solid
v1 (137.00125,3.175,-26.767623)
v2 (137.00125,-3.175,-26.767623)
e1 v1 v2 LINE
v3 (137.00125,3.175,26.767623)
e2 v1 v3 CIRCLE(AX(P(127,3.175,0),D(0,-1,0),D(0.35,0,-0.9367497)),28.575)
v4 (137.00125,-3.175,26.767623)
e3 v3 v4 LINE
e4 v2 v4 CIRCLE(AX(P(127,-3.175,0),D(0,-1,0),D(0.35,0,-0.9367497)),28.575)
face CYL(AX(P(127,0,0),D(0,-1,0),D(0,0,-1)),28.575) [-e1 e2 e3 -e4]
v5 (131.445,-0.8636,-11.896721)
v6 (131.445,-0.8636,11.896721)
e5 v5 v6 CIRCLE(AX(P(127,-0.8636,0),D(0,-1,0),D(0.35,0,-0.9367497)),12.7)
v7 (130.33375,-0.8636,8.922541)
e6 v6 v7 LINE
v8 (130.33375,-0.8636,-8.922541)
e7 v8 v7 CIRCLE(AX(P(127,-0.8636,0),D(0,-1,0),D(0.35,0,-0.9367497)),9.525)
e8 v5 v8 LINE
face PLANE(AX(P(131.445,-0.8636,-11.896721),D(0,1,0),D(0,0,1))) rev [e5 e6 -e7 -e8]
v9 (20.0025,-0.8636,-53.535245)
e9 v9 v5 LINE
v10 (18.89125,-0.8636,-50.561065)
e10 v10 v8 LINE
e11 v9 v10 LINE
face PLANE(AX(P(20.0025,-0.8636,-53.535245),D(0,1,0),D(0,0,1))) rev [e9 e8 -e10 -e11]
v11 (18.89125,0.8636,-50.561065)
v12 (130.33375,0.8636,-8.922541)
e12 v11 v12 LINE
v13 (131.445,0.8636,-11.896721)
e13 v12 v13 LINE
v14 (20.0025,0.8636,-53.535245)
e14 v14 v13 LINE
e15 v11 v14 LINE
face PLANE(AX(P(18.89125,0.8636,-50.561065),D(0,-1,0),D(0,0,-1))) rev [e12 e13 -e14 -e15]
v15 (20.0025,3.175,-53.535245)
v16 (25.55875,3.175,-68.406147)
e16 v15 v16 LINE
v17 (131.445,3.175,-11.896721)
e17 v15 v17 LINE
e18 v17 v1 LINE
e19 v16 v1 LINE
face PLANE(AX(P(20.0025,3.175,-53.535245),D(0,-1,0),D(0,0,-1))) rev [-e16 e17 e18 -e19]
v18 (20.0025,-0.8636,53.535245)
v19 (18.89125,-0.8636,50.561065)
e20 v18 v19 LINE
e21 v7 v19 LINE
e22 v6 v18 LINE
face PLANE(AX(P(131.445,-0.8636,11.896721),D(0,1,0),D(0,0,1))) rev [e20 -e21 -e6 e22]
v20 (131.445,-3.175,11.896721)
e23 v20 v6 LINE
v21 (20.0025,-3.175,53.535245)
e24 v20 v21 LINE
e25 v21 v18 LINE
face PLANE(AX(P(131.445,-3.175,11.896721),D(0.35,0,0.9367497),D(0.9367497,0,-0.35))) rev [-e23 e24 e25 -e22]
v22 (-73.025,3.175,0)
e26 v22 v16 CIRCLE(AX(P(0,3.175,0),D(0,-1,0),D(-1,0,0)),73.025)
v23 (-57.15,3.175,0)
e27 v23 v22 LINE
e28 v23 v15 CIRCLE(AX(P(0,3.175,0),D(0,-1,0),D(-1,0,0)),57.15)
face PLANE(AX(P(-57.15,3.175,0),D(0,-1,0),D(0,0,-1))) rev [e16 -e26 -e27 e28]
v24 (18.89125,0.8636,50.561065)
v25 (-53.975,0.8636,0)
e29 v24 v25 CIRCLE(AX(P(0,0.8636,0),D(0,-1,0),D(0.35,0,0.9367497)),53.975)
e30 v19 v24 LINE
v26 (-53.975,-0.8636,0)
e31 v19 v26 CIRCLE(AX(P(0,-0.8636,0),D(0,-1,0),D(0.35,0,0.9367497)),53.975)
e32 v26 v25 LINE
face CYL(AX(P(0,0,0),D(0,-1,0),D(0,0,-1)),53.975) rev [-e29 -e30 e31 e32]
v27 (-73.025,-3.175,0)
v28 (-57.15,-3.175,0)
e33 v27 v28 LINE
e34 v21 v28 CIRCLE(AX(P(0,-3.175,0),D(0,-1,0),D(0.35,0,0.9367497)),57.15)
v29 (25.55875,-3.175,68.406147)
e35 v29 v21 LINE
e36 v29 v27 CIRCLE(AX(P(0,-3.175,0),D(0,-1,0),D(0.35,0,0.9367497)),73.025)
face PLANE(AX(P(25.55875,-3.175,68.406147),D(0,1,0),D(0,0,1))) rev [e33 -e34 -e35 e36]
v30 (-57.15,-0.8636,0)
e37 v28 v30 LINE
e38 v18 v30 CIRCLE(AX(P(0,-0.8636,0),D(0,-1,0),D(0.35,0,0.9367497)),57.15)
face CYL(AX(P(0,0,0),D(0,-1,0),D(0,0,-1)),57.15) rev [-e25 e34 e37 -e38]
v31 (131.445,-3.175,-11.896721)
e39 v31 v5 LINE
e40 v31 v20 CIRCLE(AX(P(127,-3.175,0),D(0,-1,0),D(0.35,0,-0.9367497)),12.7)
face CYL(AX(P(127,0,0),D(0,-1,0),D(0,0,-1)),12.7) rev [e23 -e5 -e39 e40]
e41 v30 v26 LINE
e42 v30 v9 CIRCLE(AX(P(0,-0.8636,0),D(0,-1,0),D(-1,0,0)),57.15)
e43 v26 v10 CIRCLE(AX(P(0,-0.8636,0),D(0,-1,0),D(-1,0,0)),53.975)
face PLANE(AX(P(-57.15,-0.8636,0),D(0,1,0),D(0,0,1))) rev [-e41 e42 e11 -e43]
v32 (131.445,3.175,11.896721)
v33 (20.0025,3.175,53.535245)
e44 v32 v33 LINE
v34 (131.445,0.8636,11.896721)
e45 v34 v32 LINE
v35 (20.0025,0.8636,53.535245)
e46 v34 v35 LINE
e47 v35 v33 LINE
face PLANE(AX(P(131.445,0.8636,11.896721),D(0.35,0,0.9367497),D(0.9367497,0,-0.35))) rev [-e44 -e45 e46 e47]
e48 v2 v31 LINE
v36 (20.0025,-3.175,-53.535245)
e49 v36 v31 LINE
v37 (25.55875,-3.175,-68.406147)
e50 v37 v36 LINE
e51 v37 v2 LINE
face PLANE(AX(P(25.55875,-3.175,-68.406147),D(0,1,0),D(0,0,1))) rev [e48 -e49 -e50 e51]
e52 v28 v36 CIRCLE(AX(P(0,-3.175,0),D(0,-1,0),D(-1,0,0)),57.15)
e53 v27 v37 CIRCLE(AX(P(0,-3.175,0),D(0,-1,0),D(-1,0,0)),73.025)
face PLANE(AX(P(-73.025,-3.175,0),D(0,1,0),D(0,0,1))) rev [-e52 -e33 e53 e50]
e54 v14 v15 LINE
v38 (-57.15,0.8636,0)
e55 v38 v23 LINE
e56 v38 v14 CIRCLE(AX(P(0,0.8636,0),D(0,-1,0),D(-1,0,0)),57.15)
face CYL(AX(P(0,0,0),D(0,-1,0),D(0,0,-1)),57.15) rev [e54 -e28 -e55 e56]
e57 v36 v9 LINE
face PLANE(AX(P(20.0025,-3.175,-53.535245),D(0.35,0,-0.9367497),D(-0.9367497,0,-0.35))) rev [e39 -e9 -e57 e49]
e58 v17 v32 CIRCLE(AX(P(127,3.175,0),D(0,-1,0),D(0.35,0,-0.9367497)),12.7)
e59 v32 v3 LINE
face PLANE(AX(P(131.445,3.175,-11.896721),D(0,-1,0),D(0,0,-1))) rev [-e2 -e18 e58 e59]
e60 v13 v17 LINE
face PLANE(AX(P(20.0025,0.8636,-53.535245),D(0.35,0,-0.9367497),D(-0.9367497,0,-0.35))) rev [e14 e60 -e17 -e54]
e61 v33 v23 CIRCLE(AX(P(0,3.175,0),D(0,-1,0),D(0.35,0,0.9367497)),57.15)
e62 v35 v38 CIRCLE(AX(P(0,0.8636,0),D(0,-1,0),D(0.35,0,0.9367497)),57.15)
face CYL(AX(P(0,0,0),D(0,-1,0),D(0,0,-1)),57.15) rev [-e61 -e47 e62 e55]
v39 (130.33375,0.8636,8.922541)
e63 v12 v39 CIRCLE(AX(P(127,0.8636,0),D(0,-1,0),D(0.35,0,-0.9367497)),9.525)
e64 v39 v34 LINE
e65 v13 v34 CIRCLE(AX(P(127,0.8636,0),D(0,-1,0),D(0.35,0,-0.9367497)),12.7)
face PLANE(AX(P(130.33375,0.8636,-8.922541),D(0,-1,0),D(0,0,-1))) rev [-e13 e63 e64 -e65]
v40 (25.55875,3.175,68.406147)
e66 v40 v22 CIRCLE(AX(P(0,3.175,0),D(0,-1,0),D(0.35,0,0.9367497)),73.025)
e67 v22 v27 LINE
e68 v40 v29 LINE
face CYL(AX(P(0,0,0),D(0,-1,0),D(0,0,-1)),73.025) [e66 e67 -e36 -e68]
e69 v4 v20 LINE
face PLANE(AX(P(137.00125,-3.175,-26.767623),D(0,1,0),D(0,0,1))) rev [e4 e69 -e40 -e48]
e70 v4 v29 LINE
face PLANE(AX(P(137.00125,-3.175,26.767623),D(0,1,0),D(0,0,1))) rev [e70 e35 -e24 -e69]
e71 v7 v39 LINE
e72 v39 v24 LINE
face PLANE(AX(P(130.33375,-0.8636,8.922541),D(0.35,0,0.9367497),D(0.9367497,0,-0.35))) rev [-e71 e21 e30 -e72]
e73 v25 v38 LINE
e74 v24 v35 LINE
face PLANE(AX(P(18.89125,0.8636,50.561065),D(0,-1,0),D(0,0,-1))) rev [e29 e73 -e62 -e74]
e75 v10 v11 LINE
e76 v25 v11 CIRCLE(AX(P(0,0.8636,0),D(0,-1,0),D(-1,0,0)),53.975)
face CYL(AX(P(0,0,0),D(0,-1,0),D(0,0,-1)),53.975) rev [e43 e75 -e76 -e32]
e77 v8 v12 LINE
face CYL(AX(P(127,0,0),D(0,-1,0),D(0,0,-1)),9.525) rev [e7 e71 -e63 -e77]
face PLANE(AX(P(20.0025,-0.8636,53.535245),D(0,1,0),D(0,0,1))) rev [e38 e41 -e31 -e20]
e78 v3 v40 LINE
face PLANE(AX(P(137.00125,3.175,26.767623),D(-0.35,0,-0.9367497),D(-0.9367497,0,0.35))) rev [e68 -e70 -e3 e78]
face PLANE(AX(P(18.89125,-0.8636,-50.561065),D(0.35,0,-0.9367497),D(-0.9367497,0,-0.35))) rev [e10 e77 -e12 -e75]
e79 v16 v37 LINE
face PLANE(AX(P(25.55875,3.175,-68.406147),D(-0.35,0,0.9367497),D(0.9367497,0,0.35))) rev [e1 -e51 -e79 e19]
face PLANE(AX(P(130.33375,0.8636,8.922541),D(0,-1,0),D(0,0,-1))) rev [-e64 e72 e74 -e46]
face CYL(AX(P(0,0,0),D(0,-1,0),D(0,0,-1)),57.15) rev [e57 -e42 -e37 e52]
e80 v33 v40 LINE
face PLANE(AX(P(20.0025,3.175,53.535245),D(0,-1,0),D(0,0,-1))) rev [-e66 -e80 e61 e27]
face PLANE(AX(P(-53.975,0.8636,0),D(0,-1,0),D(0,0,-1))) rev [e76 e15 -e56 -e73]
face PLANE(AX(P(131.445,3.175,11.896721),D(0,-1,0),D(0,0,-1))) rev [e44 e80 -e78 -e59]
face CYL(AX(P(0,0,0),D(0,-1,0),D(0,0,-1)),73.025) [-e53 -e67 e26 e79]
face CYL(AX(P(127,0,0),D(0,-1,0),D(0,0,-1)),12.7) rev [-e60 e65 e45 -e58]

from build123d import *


with BuildPart() as part:
    # Sweep1: sweep along a path in Sketch2
    with BuildLine(Plane(origin=(0, 0, 0), x_dir=(1, 0, 0), z_dir=(0, 1, 0))) as sweep1_path:
        Line((131.445, 11.896721187), (20.0025, 53.535245341))
        ThreePointArc((20.0025, 53.535245341), (-57.15, 0), (20.0025, -53.535245341))
        Line((20.0025, -53.535245341), (131.445, -11.896721187))
        ThreePointArc((131.445, -11.896721187), (139.7, 0), (131.445, 11.896721187))
    # Sketch3 → Sweep1 (sweep)
    with BuildSketch(Plane.XY):
        Polygon((-57.15, 3.175), (-73.025, 3.175), (-73.025, -3.175), (-57.15, -3.175), (-57.15, -0.8636), (-53.975, -0.8636), (-53.975, 0.8636), (-57.15, 0.8636), align=None)
    sweep(path=sweep1_path.line)


solid = part.part
